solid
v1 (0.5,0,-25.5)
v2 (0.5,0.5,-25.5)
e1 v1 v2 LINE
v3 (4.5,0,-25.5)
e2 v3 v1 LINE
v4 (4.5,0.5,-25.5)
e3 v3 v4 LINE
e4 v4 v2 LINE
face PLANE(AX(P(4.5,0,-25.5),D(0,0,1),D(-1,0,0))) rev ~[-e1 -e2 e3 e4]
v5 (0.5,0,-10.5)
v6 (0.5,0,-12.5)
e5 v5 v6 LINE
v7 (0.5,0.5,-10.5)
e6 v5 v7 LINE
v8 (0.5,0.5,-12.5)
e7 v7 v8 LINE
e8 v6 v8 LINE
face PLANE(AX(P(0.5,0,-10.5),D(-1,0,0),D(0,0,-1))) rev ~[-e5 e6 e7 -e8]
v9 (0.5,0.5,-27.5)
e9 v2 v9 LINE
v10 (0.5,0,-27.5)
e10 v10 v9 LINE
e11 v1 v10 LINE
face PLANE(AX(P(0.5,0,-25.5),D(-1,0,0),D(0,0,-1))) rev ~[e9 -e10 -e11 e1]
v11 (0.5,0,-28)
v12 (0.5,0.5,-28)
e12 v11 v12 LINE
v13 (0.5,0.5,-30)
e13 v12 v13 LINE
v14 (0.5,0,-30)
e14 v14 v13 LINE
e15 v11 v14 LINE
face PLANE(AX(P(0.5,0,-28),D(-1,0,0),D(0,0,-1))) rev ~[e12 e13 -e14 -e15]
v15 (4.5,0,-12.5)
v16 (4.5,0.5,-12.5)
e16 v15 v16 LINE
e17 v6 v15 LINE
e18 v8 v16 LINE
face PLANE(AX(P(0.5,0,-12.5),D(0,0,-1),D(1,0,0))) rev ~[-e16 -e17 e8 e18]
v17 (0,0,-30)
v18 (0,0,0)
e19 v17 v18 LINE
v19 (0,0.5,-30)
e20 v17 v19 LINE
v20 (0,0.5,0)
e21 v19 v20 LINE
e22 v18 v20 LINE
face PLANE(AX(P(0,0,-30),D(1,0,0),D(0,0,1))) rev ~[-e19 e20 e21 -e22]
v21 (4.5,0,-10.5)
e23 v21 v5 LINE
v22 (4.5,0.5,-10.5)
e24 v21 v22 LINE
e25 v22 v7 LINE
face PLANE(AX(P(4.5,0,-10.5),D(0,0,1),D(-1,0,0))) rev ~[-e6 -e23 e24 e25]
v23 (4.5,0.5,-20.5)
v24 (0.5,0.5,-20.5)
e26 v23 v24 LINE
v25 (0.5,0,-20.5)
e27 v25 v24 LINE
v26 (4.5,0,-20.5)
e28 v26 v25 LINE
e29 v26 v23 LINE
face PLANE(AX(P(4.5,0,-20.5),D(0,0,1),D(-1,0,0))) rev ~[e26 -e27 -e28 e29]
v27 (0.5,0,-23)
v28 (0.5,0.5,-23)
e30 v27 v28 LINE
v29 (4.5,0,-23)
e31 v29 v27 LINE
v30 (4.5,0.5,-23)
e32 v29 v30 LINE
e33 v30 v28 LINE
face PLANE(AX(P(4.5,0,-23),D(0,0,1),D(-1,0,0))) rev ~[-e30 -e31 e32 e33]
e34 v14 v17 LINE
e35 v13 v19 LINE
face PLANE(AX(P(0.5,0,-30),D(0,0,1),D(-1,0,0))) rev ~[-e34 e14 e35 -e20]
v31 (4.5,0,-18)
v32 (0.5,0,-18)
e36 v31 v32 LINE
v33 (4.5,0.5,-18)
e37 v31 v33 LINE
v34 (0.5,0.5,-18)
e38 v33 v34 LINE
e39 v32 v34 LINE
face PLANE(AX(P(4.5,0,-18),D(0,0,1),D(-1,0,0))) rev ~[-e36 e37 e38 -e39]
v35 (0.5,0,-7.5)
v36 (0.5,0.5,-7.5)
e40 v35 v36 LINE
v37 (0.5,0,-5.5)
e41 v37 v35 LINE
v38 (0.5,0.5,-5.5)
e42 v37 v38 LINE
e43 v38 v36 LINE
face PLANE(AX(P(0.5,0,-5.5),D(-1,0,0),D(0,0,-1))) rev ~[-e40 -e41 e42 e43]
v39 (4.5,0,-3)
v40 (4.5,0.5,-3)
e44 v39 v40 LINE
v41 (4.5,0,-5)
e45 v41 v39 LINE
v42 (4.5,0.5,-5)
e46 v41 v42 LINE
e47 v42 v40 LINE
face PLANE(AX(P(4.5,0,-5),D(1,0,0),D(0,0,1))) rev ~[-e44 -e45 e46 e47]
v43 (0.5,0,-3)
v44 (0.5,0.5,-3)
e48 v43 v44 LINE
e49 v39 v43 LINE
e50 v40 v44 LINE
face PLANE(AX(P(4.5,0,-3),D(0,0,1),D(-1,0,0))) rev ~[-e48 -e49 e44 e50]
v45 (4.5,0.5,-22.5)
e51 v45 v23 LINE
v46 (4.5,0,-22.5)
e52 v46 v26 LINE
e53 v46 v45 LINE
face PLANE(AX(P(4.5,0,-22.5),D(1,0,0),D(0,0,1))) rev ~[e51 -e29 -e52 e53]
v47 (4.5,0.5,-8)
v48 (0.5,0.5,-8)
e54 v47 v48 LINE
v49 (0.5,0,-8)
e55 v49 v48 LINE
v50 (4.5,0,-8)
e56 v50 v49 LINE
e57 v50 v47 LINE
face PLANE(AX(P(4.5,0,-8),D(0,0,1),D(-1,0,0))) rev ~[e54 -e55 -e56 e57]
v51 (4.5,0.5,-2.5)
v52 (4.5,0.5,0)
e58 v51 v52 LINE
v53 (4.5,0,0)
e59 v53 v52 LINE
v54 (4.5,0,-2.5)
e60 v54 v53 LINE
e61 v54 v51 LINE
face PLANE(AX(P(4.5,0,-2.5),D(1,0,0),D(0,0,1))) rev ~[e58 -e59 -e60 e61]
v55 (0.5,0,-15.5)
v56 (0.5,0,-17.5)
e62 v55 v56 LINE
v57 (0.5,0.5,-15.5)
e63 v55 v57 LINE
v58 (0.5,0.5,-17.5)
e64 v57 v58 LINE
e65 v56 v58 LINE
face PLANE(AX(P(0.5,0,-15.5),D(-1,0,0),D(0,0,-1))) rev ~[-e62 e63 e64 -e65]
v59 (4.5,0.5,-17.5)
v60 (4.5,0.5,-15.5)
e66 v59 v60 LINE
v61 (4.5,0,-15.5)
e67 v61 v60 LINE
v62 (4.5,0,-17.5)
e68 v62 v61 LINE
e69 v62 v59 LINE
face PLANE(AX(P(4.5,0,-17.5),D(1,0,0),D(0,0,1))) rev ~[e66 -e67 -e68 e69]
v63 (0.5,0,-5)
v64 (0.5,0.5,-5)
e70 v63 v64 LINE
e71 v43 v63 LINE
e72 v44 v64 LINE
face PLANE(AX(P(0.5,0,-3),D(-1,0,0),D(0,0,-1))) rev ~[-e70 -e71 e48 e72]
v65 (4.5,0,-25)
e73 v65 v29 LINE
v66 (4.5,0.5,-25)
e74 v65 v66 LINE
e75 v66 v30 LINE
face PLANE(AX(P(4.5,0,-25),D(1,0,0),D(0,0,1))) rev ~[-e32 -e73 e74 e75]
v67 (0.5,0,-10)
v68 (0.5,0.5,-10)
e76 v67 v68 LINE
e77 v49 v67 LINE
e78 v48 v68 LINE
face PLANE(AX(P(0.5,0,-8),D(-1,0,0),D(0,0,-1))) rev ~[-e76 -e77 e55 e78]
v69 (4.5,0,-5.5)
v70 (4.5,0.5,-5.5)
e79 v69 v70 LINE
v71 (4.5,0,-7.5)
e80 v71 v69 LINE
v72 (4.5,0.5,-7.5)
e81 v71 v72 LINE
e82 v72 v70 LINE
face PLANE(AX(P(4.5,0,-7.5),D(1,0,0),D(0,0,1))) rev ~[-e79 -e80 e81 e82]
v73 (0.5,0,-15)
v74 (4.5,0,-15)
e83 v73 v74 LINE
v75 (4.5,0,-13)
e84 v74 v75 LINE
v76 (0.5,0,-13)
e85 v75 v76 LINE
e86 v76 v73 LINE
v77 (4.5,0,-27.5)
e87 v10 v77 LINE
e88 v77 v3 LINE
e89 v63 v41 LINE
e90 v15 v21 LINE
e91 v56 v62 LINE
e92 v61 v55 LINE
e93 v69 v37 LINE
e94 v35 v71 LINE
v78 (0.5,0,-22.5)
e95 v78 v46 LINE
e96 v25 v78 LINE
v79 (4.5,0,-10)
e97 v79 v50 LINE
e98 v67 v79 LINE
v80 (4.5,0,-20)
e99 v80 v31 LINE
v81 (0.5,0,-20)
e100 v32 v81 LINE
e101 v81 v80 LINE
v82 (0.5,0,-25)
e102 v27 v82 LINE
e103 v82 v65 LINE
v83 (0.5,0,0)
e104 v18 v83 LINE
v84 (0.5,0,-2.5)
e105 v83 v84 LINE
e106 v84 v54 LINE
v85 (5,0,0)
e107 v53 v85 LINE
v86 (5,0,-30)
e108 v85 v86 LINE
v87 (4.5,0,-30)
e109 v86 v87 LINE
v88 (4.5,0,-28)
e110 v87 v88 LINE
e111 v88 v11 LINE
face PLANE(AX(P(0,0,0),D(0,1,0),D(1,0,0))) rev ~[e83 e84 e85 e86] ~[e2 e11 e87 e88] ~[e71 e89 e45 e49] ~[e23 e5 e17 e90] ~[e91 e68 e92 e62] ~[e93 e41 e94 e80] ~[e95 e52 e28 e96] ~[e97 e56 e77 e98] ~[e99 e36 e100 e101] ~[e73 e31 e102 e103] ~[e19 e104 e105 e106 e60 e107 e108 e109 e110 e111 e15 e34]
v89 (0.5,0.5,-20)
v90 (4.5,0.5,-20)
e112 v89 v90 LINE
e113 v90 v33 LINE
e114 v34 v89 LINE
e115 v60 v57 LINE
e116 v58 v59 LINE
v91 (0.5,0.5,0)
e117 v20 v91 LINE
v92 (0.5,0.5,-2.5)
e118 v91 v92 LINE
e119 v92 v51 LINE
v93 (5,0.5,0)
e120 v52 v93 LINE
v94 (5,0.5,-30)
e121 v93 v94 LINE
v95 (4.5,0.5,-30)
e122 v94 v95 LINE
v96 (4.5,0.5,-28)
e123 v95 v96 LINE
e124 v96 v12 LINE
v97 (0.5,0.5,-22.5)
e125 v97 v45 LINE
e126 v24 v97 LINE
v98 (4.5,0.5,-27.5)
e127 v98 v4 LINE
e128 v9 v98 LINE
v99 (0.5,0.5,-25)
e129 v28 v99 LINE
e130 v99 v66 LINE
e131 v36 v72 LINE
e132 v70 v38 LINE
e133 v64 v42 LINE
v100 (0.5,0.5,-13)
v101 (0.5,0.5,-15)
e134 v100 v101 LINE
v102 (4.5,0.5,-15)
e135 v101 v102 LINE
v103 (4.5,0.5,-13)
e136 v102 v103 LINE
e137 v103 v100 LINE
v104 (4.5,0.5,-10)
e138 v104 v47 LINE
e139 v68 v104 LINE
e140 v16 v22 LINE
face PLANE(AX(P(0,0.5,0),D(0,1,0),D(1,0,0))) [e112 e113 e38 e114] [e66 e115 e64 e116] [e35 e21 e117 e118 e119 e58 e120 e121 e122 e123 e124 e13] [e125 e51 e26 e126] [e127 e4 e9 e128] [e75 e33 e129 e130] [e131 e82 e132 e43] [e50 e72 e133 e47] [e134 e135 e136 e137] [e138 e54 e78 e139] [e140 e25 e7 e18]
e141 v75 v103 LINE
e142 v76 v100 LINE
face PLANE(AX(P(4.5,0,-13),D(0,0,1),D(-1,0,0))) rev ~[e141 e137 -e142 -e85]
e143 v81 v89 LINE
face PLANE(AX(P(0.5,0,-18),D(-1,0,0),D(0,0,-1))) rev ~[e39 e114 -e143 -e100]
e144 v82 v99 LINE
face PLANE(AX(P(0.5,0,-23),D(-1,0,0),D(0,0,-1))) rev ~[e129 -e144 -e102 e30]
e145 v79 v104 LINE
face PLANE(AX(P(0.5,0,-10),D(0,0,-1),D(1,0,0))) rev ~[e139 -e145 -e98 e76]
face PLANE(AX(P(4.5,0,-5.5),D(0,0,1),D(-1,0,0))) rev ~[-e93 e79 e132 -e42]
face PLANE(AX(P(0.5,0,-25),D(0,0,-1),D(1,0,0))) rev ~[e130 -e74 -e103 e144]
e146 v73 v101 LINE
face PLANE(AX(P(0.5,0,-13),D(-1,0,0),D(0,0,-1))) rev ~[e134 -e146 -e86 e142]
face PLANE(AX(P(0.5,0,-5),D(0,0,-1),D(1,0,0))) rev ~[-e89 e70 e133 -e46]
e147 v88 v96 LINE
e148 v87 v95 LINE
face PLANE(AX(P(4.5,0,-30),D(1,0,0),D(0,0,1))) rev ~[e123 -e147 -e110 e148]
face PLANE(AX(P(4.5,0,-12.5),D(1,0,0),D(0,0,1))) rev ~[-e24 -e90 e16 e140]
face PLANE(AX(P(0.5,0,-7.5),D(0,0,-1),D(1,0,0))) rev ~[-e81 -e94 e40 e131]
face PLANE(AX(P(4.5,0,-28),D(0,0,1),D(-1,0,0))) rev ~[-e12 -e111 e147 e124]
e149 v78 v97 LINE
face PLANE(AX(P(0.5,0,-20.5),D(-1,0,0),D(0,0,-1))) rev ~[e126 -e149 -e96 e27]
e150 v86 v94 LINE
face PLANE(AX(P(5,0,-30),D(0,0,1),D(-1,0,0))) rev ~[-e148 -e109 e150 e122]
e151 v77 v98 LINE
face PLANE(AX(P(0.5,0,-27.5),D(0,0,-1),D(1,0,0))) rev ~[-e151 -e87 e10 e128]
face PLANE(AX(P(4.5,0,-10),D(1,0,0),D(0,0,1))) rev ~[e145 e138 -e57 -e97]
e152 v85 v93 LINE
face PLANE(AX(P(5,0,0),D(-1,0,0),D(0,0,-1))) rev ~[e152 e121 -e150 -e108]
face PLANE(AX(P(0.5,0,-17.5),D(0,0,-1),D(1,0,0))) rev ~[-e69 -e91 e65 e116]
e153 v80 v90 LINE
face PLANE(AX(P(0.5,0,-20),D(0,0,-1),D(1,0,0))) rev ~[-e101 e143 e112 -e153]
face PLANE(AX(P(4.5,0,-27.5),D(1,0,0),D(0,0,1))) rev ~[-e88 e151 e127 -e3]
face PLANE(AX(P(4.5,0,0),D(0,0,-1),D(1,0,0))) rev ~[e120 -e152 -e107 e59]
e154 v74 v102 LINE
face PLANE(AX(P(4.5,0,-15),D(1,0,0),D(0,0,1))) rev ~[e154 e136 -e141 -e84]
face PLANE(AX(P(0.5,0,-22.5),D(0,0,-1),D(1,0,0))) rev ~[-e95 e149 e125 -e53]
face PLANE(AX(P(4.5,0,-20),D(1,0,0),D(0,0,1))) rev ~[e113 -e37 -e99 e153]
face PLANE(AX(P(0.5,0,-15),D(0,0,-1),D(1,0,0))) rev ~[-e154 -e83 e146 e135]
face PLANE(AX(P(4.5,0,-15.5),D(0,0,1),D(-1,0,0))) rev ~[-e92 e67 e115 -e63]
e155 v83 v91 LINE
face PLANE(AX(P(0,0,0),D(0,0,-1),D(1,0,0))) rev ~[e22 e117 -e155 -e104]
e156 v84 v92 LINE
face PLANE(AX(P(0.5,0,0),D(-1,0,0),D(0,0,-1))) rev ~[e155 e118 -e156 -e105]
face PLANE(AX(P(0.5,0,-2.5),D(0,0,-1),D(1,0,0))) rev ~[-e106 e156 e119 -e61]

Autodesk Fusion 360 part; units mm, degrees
sketch "Sketch1" plane through (0, 0, 0) normal (0, 1, 0) x (1, 0, 0)
  line L0 (0, 0) -> (0.5, 0)
  line L1 (0.5, 0) -> (0.5, 30)
  line L2 (0.5, 30) -> (0, 30)
  line L3 (0, 30) -> (0, 0)
  line L4 (4.5, 0) -> (5, 0)
  line L5 (5, 0) -> (5, 30)
  line L6 (5, 30) -> (4.5, 30)
  line L7 (4.5, 30) -> (4.5, 0)
  line L8 (0.5, 2.5) -> (4.5, 2.5)
  line L9 (4.5, 2.5) -> (4.5, 3)
  line L10 (4.5, 3) -> (0.5, 3)
  line L11 (0.5, 3) -> (0.5, 2.5)
  line L12 (0.5, 5) -> (4.5, 5)
  line L13 (4.5, 5) -> (4.5, 5.5)
  line L14 (4.5, 5.5) -> (0.5, 5.5)
  line L15 (0.5, 5.5) -> (0.5, 5)
  line L16 (0.5, 7.5) -> (4.5, 7.5)
  line L17 (4.5, 7.5) -> (4.5, 8)
  line L18 (4.5, 8) -> (0.5, 8)
  line L19 (0.5, 8) -> (0.5, 7.5)
  line L20 (0.5, 10) -> (4.5, 10)
  line L21 (4.5, 10) -> (4.5, 10.5)
  line L22 (4.5, 10.5) -> (0.5, 10.5)
  line L23 (0.5, 10.5) -> (0.5, 10)
  line L24 (0.5, 12.5) -> (4.5, 12.5)
  line L25 (4.5, 12.5) -> (4.5, 13)
  line L26 (4.5, 13) -> (0.5, 13)
  line L27 (0.5, 13) -> (0.5, 12.5)
  line L28 (0.5, 15) -> (4.5, 15)
  line L29 (4.5, 15) -> (4.5, 15.5)
  line L30 (4.5, 15.5) -> (0.5, 15.5)
  line L31 (0.5, 15.5) -> (0.5, 15)
  line L32 (0.5, 17.5) -> (4.5, 17.5)
  line L33 (4.5, 17.5) -> (4.5, 18)
  line L34 (4.5, 18) -> (0.5, 18)
  line L35 (0.5, 18) -> (0.5, 17.5)
  line L36 (0.5, 20) -> (4.5, 20)
  line L37 (4.5, 20) -> (4.5, 20.5)
  line L38 (4.5, 20.5) -> (0.5, 20.5)
  line L39 (0.5, 20.5) -> (0.5, 20)
  line L40 (0.5, 22.5) -> (4.5, 22.5)
  line L41 (4.5, 22.5) -> (4.5, 23)
  line L42 (4.5, 23) -> (0.5, 23)
  line L43 (0.5, 23) -> (0.5, 22.5)
  line L44 (0.5, 25) -> (4.5, 25)
  line L45 (4.5, 25) -> (4.5, 25.5)
  line L46 (4.5, 25.5) -> (0.5, 25.5)
  line L47 (0.5, 25.5) -> (0.5, 25)
  line L48 (0.5, 27.5) -> (4.5, 27.5)
  line L49 (4.5, 27.5) -> (4.5, 28)
  line L50 (4.5, 28) -> (0.5, 28)
  line L51 (0.5, 28) -> (0.5, 27.5)
  dimension "d1" = 0.5
  dimension "d2" = 30
  dimension "d3" = 0.5
  dimension "d4" = 5
  dimension "d5" = 4
  dimension "d6" = 0.5
  dimension "d7" = 0.5
  dimension "d8" = 2
  dimension "d9" = 0.5
  dimension "d10" = 2
  dimension "d11" = 0.5
  dimension "d12" = 2
  dimension "d13" = 0.5
  dimension "d14" = 2
  dimension "d15" = 0.5
  dimension "d16" = 2
  dimension "d17" = 0.5
  dimension "d18" = 2
  dimension "d19" = 0.5
  dimension "d20" = 2
  dimension "d21" = 0.5
  dimension "d22" = 2
  dimension "d23" = 0.5
  dimension "d24" = 2
  dimension "d25" = 0.5
  dimension "d26" = 2
extrude "Extrude1" add sketch "Sketch1" along normal blind 0.5 contours L0 L1 L2 L3 L11 L15 L19 L23 L27 L31 L35 L39 L43 L47 L51 | L1 L7 L8 L9 L10 L11 | L4 L5 L6 L7 L9 L13 L17 L21 L25 L29 L33 L37 L41 L45 L49 | L1 L7 L48 L49 L50 L51 | L1 L7 L12 L13 L14 L15 | L1 L7 L44 L45 L46 L47 | L1 L7 L16 L17 L18 L19 | L1 L7 L40 L41 L42 L43 | L1 L7 L20 L21 L22 L23 | L1 L7 L36 L37 L38 L39 | L1 L7 L24 L25 L26 L27 | L1 L7 L32 L33 L34 L35 | L1 L7 L28 L29 L30 L31
